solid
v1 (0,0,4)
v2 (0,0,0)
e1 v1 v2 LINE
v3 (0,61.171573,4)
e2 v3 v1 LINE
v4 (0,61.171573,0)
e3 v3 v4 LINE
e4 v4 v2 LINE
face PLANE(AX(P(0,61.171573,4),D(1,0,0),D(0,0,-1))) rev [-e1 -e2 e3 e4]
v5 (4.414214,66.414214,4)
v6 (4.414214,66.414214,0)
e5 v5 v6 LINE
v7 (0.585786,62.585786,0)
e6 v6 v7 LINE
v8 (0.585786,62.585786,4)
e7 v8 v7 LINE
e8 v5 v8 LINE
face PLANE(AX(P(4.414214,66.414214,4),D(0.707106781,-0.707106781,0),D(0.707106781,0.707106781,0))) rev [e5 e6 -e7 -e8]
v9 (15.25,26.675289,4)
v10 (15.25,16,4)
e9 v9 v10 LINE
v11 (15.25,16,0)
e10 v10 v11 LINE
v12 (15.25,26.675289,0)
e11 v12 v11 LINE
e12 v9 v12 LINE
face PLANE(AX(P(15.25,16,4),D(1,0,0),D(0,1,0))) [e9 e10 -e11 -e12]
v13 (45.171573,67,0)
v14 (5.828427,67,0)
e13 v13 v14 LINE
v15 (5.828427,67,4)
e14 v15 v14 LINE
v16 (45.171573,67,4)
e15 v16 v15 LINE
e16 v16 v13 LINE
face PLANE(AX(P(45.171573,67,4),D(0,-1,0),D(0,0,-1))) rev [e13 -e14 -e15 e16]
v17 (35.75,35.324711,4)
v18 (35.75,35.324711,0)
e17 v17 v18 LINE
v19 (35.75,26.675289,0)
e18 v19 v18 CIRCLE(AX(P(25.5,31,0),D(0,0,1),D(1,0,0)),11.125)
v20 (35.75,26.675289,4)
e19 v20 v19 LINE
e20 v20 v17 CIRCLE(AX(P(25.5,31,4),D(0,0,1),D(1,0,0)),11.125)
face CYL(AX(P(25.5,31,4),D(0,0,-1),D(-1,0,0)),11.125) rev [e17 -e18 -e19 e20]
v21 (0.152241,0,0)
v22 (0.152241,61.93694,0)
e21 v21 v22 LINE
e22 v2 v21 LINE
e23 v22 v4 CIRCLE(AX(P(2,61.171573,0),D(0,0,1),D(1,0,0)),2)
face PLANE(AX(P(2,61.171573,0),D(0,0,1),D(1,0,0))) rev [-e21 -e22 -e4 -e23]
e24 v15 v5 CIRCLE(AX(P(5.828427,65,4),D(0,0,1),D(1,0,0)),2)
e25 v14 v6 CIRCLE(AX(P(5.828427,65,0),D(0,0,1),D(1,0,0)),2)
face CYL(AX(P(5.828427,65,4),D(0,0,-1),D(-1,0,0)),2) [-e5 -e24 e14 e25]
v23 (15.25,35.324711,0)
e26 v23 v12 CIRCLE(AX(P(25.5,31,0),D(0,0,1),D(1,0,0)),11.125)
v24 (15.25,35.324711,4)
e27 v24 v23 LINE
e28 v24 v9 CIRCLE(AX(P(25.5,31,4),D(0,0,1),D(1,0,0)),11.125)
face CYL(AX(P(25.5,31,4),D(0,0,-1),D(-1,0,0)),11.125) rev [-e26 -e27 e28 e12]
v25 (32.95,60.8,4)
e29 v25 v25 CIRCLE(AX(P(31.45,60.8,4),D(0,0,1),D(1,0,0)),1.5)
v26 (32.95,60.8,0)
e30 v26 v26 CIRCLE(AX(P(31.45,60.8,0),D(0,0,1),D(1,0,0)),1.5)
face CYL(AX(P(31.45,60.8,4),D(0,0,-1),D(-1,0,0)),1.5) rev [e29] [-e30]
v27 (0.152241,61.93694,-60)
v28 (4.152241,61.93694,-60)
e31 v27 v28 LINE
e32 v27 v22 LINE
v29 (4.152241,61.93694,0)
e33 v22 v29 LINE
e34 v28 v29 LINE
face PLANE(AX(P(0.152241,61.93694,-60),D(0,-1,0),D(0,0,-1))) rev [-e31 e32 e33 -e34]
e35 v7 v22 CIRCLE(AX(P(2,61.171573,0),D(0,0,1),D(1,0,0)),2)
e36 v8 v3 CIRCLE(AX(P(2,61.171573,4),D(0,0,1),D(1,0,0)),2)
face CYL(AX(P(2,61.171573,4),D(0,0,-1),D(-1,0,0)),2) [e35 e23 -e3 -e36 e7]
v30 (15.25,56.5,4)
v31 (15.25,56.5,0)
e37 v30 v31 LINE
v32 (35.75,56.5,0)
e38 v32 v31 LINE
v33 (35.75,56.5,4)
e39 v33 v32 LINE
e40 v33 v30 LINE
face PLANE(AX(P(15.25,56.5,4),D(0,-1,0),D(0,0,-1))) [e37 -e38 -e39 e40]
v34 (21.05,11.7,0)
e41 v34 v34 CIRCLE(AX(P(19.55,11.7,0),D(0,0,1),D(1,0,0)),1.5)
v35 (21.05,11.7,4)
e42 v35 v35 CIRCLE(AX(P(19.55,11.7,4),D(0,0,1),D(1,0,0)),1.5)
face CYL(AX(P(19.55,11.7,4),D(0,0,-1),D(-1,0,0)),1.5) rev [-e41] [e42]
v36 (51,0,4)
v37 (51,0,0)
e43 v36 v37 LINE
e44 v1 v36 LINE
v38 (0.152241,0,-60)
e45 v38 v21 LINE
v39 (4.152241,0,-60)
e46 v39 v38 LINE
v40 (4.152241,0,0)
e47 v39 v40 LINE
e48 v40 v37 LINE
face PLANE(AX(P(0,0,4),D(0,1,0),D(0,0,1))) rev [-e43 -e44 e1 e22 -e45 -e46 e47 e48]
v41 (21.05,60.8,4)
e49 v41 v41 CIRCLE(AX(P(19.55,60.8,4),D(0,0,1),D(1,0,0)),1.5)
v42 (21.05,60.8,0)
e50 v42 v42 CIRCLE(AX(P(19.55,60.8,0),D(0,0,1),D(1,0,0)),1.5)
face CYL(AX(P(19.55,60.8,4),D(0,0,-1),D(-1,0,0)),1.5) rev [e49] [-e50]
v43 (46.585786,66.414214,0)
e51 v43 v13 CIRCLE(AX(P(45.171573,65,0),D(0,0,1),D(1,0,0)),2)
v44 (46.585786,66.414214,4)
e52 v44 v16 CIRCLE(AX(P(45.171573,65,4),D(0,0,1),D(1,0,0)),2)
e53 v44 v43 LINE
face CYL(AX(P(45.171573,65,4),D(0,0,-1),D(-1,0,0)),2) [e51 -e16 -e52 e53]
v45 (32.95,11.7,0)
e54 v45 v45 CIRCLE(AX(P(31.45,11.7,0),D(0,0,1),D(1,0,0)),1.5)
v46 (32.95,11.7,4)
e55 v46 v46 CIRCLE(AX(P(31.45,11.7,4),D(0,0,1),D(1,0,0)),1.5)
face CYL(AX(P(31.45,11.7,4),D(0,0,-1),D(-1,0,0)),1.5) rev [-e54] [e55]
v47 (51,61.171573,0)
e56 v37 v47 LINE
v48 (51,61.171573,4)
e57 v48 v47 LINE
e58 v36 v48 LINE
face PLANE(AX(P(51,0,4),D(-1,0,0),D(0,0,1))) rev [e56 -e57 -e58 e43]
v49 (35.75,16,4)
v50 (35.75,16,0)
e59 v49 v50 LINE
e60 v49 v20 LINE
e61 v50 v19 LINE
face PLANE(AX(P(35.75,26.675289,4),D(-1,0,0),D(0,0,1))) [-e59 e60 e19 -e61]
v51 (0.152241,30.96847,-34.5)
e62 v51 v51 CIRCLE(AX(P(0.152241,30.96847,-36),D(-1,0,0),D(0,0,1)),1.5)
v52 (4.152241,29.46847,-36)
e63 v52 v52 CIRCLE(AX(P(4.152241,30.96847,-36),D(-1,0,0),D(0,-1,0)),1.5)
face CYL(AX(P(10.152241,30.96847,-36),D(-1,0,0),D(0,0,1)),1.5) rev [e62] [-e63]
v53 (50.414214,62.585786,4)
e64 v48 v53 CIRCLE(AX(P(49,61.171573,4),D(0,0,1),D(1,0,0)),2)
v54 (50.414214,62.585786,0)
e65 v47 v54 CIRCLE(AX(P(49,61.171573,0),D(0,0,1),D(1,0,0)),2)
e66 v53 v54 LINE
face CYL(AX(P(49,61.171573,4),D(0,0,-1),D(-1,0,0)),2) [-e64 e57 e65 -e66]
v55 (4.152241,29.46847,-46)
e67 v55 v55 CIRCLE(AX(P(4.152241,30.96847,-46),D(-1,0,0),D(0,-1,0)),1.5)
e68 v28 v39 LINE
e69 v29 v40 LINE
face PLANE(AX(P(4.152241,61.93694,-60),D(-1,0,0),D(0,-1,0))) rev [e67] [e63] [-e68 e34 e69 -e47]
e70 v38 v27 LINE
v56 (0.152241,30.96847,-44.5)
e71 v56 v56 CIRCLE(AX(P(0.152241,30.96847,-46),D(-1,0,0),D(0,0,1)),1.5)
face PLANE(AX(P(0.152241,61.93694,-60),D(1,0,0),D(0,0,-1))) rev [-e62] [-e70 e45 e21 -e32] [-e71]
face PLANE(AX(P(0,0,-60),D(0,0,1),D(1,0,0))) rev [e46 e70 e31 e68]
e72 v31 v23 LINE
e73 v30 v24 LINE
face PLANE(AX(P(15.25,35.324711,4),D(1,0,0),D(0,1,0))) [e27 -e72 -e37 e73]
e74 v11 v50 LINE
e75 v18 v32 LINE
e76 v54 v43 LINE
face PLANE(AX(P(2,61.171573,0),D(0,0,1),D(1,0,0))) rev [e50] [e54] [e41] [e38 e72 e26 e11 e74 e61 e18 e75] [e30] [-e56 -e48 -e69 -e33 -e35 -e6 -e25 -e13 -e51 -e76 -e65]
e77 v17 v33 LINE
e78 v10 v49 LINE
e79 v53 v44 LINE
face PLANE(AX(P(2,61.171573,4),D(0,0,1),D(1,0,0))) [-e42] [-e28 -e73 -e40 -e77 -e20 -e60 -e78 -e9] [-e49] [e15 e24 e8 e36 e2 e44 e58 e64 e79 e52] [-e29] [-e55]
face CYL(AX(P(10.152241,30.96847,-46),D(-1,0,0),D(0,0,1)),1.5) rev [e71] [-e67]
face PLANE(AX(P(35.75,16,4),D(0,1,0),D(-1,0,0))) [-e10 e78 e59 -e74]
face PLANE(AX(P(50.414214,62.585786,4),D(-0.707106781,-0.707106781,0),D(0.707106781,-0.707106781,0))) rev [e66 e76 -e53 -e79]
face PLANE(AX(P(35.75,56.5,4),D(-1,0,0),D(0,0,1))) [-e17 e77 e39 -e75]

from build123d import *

# Parameters (mm, degrees)
SKETCH1_R           = 1.5
BOSS_EXTRUDE3_DEPTH = 4
SKETCH2_W           = 4
SKETCH2_H           = 61.93693974
BOSS_EXTRUDE4_DEPTH = 60
SKETCH3_R           = 1.5
CUT_EXTRUDE2_DEPTH  = 10


with BuildPart() as part:
    # Sketch1 → Boss-Extrude3 (new body)
    with BuildSketch(Plane.XY):
        with BuildLine():
            Line((0, 61.171572875), (0, 0))
            Line((0, 0), (51, 0))
            Line((51, 0), (51, 61.171572875))
            ThreePointArc((51, 61.171572875), (50.847759065, 61.93693974), (50.414213562, 62.585786438))
            Line((50.414213562, 62.585786438), (46.585786438, 66.414213562))
            ThreePointArc((46.585786438, 66.414213562), (45.93693974, 66.847759065), (45.171572875, 67))
            Line((45.171572875, 67), (5.828427125, 67))
            ThreePointArc((5.828427125, 67), (5.06306026, 66.847759065), (4.414213562, 66.414213562))
            Line((4.414213562, 66.414213562), (0.585786438, 62.585786438))
            ThreePointArc((0.585786438, 62.585786438), (0.152240935, 61.93693974), (0, 61.171572875))
        make_face()
        with Locations((19.55, 11.7)):
            Circle(SKETCH1_R, mode=Mode.SUBTRACT)
        with Locations((31.45, 11.7)):
            Circle(SKETCH1_R, mode=Mode.SUBTRACT)
        with Locations((31.45, 60.8)):
            Circle(SKETCH1_R, mode=Mode.SUBTRACT)
        with Locations((19.55, 60.8)):
            Circle(SKETCH1_R, mode=Mode.SUBTRACT)
        with BuildLine():
            Line((15.25, 56.5), (35.75, 56.5))
            Line((35.75, 56.5), (35.75, 35.324710973))
            ThreePointArc((35.75, 35.324710973), (36.625, 31), (35.75, 26.675289027))
            Line((35.75, 26.675289027), (35.75, 16))
            Line((35.75, 16), (15.25, 16))
            Line((15.25, 16), (15.25, 26.675289027))
            ThreePointArc((15.25, 26.675289027), (14.375, 31), (15.25, 35.324710973))
            Line((15.25, 35.324710973), (15.25, 56.5))
        make_face(mode=Mode.SUBTRACT)
    extrude(amount=BOSS_EXTRUDE3_DEPTH)

    # Sketch2 → Boss-Extrude4 (add)
    with BuildSketch(Plane(origin=(0, 0, 0), x_dir=(-1, 0, 0), z_dir=(0, 0, -1))):
        with Locations((-2.152240935, 30.96846987)):
            Rectangle(SKETCH2_W, SKETCH2_H)
    extrude(amount=BOSS_EXTRUDE4_DEPTH)

    # Sketch3 → Cut-Extrude2 (cut)
    with BuildSketch(Plane.ZY.offset(-0.152240935)):
        with Locations((-46, 30.96846987)):
            Circle(SKETCH3_R)
        with Locations((-36, 30.96846987)):
            Circle(SKETCH3_R)
    extrude(amount=-CUT_EXTRUDE2_DEPTH, mode=Mode.SUBTRACT)


solid = part.part
